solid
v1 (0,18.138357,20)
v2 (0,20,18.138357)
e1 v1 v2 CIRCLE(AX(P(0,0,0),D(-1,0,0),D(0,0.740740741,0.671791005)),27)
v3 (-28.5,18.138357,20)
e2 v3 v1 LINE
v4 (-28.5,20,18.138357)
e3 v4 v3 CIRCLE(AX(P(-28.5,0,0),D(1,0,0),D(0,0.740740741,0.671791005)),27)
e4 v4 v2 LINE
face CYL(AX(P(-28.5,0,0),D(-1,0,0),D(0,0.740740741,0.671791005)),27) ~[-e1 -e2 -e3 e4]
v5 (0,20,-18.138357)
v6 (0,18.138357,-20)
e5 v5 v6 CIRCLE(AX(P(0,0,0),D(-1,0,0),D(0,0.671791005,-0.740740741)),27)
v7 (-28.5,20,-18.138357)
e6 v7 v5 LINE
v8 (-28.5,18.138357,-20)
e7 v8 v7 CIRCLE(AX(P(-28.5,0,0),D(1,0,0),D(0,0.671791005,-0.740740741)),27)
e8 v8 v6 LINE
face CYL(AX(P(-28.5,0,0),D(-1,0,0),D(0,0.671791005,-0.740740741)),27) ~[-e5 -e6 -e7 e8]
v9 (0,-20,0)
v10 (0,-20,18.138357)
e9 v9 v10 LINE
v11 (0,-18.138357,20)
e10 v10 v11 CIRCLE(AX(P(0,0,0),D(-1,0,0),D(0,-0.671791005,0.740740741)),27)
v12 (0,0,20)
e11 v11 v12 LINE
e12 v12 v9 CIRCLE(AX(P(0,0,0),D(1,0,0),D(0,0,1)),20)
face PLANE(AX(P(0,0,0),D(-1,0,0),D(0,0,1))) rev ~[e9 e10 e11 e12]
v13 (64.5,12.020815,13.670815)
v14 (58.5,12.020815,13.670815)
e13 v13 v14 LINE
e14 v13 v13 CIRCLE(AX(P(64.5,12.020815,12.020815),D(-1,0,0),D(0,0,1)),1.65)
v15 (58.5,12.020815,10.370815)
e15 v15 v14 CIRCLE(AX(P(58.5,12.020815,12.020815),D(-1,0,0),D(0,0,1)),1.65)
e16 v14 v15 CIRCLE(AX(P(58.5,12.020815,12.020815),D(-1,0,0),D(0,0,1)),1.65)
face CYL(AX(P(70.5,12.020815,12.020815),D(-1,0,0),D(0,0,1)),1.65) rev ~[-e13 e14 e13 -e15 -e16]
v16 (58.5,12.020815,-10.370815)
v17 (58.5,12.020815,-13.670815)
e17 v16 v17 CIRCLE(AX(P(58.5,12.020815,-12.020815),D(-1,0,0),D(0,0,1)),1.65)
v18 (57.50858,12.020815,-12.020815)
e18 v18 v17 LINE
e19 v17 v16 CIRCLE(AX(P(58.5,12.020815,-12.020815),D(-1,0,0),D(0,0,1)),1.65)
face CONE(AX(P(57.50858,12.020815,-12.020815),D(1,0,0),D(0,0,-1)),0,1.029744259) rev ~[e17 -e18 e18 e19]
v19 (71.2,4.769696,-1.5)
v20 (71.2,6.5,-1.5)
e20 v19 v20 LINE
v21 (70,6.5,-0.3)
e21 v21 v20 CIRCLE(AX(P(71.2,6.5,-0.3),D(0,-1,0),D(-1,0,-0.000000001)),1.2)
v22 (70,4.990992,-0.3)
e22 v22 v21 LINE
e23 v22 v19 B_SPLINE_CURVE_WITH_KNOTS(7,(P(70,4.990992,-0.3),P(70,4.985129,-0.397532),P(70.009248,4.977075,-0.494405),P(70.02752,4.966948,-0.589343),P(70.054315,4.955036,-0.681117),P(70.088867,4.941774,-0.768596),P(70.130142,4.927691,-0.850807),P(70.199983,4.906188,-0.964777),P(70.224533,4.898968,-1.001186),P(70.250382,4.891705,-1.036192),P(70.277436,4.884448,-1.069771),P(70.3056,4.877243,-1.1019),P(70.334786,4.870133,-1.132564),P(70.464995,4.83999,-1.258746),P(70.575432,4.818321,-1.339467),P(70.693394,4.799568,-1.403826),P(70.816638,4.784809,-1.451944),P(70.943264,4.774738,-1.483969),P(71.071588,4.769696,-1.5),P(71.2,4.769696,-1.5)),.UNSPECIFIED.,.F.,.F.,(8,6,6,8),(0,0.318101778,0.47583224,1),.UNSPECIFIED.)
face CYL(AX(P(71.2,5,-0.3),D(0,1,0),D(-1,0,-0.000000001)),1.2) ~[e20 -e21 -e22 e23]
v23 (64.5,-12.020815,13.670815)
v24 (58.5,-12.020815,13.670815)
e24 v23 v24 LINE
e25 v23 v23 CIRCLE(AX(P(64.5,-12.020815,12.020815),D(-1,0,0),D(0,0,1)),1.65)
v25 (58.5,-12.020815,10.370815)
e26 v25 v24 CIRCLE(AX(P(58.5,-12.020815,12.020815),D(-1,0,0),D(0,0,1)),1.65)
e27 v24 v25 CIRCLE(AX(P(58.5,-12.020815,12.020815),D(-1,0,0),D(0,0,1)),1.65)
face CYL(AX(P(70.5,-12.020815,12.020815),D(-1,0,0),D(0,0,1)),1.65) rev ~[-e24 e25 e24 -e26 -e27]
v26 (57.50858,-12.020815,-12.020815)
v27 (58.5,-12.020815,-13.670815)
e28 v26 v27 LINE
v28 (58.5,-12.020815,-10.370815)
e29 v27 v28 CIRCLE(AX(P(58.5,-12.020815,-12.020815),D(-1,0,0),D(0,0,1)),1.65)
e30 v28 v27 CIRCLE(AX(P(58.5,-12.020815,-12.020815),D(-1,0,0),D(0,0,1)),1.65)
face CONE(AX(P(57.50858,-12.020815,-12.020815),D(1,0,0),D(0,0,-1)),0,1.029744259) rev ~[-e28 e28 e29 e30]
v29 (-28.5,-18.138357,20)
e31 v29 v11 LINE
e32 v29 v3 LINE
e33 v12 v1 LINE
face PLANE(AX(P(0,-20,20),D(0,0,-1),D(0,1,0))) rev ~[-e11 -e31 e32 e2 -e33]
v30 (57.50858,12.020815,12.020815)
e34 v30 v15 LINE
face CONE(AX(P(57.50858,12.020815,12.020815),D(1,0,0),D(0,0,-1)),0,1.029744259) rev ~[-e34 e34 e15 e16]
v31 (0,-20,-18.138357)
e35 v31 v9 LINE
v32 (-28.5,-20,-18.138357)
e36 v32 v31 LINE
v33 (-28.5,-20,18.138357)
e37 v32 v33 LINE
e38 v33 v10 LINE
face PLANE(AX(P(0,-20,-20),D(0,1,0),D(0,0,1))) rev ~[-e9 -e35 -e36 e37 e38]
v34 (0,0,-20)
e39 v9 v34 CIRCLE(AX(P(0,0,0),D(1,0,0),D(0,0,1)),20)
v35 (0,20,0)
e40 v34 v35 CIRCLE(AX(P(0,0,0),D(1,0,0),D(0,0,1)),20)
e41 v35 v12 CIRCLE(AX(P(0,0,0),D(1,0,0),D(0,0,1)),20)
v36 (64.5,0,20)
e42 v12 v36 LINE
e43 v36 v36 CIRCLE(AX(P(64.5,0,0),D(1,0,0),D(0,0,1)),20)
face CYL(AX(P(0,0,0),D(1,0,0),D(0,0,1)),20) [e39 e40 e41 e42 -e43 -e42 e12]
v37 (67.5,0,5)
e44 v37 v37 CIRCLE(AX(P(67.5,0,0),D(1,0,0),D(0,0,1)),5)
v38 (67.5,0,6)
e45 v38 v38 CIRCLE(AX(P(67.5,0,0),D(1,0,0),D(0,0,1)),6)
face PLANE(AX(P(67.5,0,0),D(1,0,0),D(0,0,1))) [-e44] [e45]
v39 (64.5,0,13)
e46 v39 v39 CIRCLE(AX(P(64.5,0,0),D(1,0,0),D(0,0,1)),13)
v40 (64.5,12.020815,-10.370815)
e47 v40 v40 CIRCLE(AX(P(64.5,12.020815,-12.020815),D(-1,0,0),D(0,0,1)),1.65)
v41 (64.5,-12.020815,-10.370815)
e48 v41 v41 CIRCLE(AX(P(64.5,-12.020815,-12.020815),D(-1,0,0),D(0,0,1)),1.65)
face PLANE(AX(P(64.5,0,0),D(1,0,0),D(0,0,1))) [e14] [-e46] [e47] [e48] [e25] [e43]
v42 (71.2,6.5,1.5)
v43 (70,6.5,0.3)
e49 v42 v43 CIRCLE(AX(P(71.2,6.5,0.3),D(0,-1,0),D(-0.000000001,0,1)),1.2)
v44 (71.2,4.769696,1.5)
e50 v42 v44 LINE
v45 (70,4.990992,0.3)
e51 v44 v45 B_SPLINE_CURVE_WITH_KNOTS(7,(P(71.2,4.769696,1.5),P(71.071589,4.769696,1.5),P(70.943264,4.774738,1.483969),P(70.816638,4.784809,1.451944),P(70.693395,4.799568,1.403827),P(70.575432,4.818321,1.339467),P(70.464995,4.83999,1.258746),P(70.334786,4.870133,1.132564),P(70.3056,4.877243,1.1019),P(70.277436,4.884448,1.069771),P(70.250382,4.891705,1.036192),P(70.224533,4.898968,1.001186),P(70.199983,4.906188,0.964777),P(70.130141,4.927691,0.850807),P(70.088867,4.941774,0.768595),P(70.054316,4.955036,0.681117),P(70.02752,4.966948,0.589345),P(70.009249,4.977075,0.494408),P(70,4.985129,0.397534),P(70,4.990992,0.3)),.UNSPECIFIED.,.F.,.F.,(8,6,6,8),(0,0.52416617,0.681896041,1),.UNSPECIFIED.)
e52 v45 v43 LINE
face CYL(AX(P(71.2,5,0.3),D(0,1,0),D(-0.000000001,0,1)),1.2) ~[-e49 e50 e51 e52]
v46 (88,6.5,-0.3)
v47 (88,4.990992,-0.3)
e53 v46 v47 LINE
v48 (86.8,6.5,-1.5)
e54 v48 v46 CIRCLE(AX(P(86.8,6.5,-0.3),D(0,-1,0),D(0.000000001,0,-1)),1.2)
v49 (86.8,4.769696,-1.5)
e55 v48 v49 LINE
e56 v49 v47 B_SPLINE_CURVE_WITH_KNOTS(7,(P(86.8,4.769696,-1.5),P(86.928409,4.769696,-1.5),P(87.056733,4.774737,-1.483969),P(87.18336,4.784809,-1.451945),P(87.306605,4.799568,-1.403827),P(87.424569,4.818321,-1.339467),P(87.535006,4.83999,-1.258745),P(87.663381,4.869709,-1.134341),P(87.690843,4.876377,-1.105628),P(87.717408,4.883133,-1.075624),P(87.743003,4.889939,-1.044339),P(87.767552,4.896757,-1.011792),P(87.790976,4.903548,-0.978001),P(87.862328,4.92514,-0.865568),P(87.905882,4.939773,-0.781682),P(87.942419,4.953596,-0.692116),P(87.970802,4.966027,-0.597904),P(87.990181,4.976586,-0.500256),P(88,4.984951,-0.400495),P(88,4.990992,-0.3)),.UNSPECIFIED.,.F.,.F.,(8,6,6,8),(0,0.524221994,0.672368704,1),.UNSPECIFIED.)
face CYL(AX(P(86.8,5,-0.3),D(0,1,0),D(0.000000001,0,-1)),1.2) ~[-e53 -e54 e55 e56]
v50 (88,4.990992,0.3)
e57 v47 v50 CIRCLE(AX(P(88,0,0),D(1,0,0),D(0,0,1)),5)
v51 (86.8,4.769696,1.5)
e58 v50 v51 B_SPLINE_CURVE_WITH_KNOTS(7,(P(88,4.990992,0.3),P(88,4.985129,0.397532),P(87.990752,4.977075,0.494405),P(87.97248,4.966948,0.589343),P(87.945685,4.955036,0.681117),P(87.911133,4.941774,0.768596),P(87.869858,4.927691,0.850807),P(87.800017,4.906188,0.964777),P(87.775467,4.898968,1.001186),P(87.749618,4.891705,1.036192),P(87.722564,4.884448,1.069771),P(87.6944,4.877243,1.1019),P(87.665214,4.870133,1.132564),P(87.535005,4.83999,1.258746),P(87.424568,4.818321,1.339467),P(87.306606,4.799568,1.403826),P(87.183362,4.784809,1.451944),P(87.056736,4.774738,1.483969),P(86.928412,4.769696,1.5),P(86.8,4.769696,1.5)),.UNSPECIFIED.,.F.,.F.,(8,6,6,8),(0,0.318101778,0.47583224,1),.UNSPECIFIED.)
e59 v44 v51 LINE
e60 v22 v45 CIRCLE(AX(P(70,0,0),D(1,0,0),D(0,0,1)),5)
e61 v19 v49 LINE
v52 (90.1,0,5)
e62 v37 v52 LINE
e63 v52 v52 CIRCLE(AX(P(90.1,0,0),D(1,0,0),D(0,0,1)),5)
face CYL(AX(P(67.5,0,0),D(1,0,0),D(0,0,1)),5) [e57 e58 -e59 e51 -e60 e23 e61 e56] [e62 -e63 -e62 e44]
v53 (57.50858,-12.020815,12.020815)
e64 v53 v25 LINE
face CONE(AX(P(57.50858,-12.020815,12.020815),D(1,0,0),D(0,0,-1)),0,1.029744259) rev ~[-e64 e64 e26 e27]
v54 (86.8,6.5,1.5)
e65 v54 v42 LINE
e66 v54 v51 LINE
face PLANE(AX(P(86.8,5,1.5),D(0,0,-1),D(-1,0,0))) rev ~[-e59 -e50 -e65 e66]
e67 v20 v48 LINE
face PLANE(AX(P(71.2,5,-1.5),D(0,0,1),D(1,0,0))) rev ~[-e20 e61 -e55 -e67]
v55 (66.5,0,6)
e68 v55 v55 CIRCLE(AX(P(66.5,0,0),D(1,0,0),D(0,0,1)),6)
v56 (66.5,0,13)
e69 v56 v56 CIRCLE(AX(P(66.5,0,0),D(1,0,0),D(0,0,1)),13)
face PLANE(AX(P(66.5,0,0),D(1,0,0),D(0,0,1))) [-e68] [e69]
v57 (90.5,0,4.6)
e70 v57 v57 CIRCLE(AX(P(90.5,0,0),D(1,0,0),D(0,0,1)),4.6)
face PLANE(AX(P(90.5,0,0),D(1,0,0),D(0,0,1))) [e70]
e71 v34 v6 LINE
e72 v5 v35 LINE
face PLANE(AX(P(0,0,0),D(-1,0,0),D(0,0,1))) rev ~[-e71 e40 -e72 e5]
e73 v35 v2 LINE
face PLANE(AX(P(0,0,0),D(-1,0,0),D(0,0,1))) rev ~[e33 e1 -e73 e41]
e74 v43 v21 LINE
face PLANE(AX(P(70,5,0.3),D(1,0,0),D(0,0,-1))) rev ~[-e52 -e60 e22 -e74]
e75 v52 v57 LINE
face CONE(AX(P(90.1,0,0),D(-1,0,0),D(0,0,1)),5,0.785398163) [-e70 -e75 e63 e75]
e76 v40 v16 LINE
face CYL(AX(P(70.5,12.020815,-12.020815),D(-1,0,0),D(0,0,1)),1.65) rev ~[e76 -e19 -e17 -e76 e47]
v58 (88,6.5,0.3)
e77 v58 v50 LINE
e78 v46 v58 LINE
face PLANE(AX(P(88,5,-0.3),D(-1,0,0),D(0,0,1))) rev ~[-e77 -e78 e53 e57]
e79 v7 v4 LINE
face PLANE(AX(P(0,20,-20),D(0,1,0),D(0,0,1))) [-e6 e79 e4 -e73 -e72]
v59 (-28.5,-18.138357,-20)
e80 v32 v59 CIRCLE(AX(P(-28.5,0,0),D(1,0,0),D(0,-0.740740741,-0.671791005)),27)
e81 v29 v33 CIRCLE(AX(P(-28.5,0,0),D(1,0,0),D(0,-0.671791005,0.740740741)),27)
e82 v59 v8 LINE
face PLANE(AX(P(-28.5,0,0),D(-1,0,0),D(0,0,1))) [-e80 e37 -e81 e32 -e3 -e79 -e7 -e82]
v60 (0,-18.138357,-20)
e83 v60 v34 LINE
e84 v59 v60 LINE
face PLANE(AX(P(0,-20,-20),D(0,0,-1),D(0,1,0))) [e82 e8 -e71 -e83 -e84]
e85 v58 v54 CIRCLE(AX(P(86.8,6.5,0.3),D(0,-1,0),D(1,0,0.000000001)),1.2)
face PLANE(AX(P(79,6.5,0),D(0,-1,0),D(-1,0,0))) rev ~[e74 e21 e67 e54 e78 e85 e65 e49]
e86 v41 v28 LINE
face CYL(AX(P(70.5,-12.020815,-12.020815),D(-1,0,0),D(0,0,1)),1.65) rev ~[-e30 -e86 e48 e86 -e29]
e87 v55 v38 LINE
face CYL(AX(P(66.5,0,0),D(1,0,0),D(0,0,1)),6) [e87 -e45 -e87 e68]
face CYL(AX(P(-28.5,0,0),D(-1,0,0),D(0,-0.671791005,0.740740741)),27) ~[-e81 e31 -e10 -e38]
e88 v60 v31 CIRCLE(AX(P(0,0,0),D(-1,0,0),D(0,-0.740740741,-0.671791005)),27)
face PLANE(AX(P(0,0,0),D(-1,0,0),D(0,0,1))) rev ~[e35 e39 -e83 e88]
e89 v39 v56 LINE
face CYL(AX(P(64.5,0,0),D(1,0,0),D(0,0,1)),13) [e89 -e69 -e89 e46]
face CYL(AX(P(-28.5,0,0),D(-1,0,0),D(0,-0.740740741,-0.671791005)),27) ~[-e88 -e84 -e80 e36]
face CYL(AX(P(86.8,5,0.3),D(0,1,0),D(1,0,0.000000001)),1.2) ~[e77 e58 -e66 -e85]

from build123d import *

# Parameters (mm, degrees)
M4_TAPPED_HOLE1_D     = 3.3
M4_TAPPED_HOLE1_DEPTH = 6
M4_TAPPED_HOLE1_TIP   = 0.991420021
SKETCH6_W             = 40
SKETCH6_H             = 40
BOSS_EXTRUDE1_DEPTH   = 28.5
CUT_EXTRUDE1_REACH    = 124.315
CIRPATTERN1_COUNT     = 4
CHAMFER1_SIZE         = 0.4
BOSS_EXTRUDE2_DEPTH   = 1.5


with BuildPart() as part:
    # Sketch1 → Revolve1 (revolve)
    with BuildSketch(Plane.XY, mode=Mode.PRIVATE) as revolve1_sk:
        Polygon((0, 0), (0, 20), (64.5, 20), (64.5, 13), (66.5, 13), (66.5, 6), (67.5, 6), (67.5, 5), (90.5, 5), (90.5, 0), align=None)
    revolve(revolve1_sk.sketch.rotate(Axis((0, 0, 0), (1, 0, 0)), 90), axis=Axis((0, 0, 0), (1, 0, 0)))

    # M4 Tapped Hole1
    with Locations(Plane(origin=(64.5, 0, 0), x_dir=(0, 0, -1), z_dir=(1, 0, 0))):
        with Locations((12.02081528, -12.02081528), (12.02081528, 12.02081528), (-12.02081528, -12.02081528), (-12.02081528, 12.02081528)):
            Hole(M4_TAPPED_HOLE1_D / 2, depth=M4_TAPPED_HOLE1_DEPTH)
            with Locations((0, 0, -(M4_TAPPED_HOLE1_DEPTH + M4_TAPPED_HOLE1_TIP / 2))):  # 118° drill point
                Cone(0, M4_TAPPED_HOLE1_D / 2, M4_TAPPED_HOLE1_TIP, mode=Mode.SUBTRACT)

    # Sketch6 → Boss-Extrude1 (add)
    with BuildSketch(Plane.ZY):
        Rectangle(SKETCH6_W, SKETCH6_H)
    extrude(amount=BOSS_EXTRUDE1_DEPTH)

    # Sketch7 → Cut-Extrude1 (cut, up to next)
    with BuildSketch(Plane.ZY.offset(28.5), mode=Mode.PRIVATE) as cut_extrude1_sk1:
        with BuildLine():
            Line((-20, 20), (-20, 18.138357147))
            ThreePointArc((-20, 18.138357147), (-19.091883092, 19.091883092), (-18.138357147, 20))
            Line((-18.138357147, 20), (-20, 20))
        make_face()
    cut_extrude1_tool1 = extrude(cut_extrude1_sk1.sketch, amount=-CUT_EXTRUDE1_REACH, mode=Mode.PRIVATE) & part.part
    cut_extrude1 = cut_extrude1_tool1.solids().sort_by_distance((-28.5, 19.389578, -19.389578))[0]
    add(cut_extrude1, mode=Mode.SUBTRACT)

    # CirPattern1: Cut-Extrude1 ×4 about axis
    cirpattern1_axis = Axis((0, 0, 0), (-1, 0, 0))
    for i in range(1, CIRPATTERN1_COUNT):
        add(cut_extrude1.rotate(cirpattern1_axis, i * 360 / CIRPATTERN1_COUNT), mode=Mode.SUBTRACT)

    # Chamfer1
    chamfer1_edges = [part.edges().sort_by_distance(p)[0] for p in [
        (90.5, 0, -5),
    ]]
    chamfer(chamfer1_edges, length=CHAMFER1_SIZE)

    # Sketch8 → Boss-Extrude2 (add, symmetric)
    with BuildSketch(Plane(origin=(0, 5, 0), x_dir=(1, 0, 0), z_dir=(0, 1, 0))):
        with BuildLine():
            Line((71.2, 1.5), (86.8, 1.5))
            ThreePointArc((86.8, 1.5), (87.648528137, 1.148528137), (88, 0.3))
            Line((88, 0.3), (88, -0.3))
            ThreePointArc((88, -0.3), (87.648528137, -1.148528137), (86.8, -1.5))
            Line((86.8, -1.5), (71.2, -1.5))
            ThreePointArc((71.2, -1.5), (70.351471863, -1.148528137), (70, -0.3))
            Line((70, -0.3), (70, 0.3))
            ThreePointArc((70, 0.3), (70.351471863, 1.148528137), (71.2, 1.5))
        make_face()
    extrude(amount=BOSS_EXTRUDE2_DEPTH, both=True)


solid = part.part
